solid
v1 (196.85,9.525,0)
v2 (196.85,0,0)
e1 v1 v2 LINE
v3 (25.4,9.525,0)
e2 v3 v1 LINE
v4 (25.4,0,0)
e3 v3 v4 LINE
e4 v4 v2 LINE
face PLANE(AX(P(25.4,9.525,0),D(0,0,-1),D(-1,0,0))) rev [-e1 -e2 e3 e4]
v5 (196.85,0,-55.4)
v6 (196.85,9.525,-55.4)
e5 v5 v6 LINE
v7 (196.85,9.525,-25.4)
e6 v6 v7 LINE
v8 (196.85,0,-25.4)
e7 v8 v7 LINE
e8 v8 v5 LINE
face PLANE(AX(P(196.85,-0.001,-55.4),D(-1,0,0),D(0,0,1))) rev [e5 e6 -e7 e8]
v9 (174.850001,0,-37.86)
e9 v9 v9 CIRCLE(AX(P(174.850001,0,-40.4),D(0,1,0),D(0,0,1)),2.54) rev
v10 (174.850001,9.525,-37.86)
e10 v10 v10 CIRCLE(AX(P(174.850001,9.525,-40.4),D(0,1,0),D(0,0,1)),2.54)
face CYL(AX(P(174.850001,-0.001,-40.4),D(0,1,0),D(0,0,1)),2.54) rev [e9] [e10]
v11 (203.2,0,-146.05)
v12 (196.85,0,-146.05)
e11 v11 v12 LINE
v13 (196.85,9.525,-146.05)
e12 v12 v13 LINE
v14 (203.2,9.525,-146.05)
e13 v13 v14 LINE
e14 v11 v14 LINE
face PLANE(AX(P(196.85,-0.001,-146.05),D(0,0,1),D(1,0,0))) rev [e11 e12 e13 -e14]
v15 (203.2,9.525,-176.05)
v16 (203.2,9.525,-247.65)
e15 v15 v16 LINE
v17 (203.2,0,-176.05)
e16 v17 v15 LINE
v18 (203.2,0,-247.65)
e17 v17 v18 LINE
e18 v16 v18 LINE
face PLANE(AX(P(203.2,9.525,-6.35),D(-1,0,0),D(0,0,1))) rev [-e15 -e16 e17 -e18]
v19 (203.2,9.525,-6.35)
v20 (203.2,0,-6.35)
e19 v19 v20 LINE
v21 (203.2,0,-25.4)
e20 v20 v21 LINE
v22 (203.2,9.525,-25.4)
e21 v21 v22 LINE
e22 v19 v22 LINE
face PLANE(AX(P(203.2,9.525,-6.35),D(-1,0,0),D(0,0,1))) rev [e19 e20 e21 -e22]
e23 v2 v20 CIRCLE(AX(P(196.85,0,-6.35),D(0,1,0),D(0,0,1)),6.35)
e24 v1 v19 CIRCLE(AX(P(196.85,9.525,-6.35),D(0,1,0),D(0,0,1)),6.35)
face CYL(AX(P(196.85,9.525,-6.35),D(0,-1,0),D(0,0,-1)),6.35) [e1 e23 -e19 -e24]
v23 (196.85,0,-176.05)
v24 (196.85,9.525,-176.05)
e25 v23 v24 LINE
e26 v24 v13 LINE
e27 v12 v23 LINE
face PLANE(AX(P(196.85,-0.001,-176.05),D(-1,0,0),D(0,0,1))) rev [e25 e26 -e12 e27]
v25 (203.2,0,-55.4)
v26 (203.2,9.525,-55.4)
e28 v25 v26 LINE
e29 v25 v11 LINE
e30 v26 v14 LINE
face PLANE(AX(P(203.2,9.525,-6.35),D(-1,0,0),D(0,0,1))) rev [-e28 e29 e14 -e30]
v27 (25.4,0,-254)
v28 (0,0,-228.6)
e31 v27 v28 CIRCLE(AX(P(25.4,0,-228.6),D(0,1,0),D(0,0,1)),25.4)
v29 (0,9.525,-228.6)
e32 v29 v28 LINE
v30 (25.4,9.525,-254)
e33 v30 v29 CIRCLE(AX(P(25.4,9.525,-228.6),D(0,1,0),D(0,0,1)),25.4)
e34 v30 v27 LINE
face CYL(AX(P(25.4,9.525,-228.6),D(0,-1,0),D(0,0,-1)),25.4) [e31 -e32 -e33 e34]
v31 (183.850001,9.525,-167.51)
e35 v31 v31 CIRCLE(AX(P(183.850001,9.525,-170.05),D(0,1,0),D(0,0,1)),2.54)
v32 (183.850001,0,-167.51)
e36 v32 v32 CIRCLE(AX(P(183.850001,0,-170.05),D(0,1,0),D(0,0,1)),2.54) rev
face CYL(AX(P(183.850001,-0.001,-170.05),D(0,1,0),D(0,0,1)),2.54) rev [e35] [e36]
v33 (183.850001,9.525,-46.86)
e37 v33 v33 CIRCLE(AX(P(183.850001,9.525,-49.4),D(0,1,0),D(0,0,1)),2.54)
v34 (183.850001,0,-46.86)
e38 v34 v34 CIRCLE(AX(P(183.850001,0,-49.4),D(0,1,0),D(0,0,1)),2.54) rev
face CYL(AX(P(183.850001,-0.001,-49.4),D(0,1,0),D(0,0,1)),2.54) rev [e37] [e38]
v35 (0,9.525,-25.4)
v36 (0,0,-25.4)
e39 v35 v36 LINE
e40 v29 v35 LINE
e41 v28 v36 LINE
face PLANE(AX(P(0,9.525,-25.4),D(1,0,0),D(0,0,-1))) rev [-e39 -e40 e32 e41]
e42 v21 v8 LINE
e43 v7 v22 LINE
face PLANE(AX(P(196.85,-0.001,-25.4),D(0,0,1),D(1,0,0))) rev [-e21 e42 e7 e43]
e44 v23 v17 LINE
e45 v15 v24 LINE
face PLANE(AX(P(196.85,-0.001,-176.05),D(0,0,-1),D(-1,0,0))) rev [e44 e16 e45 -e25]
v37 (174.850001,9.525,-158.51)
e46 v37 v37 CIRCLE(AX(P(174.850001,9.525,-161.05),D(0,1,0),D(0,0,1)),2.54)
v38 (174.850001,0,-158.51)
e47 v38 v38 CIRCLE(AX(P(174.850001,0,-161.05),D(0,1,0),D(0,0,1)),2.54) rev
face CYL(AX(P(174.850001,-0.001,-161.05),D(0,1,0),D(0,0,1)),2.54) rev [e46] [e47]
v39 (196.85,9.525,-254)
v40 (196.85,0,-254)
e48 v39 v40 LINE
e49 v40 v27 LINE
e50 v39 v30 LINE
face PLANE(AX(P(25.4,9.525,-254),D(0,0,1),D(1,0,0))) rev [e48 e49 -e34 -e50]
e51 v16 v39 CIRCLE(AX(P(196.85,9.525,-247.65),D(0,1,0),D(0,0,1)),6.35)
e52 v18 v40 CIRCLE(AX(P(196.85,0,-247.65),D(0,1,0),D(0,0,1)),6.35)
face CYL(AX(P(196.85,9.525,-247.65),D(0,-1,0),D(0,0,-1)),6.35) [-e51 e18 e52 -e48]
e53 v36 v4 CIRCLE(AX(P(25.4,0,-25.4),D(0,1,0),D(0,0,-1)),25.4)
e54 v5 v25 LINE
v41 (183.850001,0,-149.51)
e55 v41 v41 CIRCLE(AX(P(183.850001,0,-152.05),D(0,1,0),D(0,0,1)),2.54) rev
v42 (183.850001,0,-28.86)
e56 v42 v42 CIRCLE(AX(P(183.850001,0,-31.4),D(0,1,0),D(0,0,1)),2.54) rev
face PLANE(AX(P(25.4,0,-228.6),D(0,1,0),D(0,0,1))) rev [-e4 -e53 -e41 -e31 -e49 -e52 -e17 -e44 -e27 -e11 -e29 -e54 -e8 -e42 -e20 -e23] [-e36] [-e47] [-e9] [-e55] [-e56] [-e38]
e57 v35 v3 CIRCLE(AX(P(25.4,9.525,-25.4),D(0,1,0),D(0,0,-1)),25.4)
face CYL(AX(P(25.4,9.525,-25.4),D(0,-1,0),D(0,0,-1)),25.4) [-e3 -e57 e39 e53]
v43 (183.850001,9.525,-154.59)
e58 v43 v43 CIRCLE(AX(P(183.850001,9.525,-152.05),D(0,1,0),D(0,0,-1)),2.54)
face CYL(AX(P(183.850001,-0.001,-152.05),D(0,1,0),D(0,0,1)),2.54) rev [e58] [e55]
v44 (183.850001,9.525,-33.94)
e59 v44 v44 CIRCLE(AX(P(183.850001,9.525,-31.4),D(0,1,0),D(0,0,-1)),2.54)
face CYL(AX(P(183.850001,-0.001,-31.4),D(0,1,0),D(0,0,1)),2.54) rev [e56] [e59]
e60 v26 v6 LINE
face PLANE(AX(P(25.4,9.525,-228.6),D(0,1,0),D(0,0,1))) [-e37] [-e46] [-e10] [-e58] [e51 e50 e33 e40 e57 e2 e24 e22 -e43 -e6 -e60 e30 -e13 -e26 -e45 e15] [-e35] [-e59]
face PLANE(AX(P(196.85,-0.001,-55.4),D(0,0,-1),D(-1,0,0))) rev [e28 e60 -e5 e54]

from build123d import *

# Parameters (mm, degrees)
BOSS_EXTRUDE1_DEPTH = 9.525
CUT_EXTRUDE1_REACH  = 11.525
SKETCH2_R           = 2.54
SKETCH2_W           = 6.35
SKETCH2_H           = 30


with BuildPart() as part:
    # Sketch1 → Boss-Extrude1 (new body)
    with BuildSketch(Plane(origin=(0, 0, 0), x_dir=(1, 0, 0), z_dir=(0, 1, 0))):
        with BuildLine():
            Line((25.4, 0), (196.85, 0))
            ThreePointArc((196.85, 0), (201.340128061, 1.859871939), (203.2, 6.35))
            Line((203.2, 6.35), (203.2, 247.65))
            ThreePointArc((203.2, 247.65), (201.340128061, 252.140128061), (196.85, 254))
            Line((196.85, 254), (25.4, 254))
            ThreePointArc((25.4, 254), (7.439487758, 246.560512242), (0, 228.6))
            Line((0, 228.6), (0, 25.4))
            ThreePointArc((0, 25.4), (7.439487758, 7.439487758), (25.4, 0))
        make_face()
    extrude(amount=BOSS_EXTRUDE1_DEPTH)

    # Sketch2 → Cut-Extrude1 (cut, up to next)
    with BuildSketch(Plane(origin=(0, 9.525, 0), x_dir=(1, 0, 0), z_dir=(0, 1, 0)), mode=Mode.PRIVATE) as cut_extrude1_sk1:
        with Locations((174.85000082, 40.4)):
            Circle(SKETCH2_R)
    cut_extrude1_tool1 = extrude(cut_extrude1_sk1.sketch, amount=-CUT_EXTRUDE1_REACH, mode=Mode.PRIVATE) & part.part
    add(cut_extrude1_tool1.solids().sort_by_distance((174.850001, 9.525, -40.4))[0], mode=Mode.SUBTRACT)
    # Sketch2 → Cut-Extrude1 (cut, up to next)
    with BuildSketch(Plane(origin=(0, 9.525, 0), x_dir=(1, 0, 0), z_dir=(0, 1, 0)), mode=Mode.PRIVATE) as cut_extrude1_sk2:
        with Locations((183.8500006, 49.39999978)):
            Circle(SKETCH2_R)
    cut_extrude1_tool2 = extrude(cut_extrude1_sk2.sketch, amount=-CUT_EXTRUDE1_REACH, mode=Mode.PRIVATE) & part.part
    add(cut_extrude1_tool2.solids().sort_by_distance((183.850001, 9.525, -49.4))[0], mode=Mode.SUBTRACT)
    # Sketch2 → Cut-Extrude1 (cut, up to next)
    with BuildSketch(Plane(origin=(0, 9.525, 0), x_dir=(1, 0, 0), z_dir=(0, 1, 0)), mode=Mode.PRIVATE) as cut_extrude1_sk3:
        with Locations((183.8500006, 31.40000022)):
            Circle(SKETCH2_R)
    cut_extrude1_tool3 = extrude(cut_extrude1_sk3.sketch, amount=-CUT_EXTRUDE1_REACH, mode=Mode.PRIVATE) & part.part
    add(cut_extrude1_tool3.solids().sort_by_distance((183.850001, 9.525, -31.4))[0], mode=Mode.SUBTRACT)
    # Sketch2 → Cut-Extrude1 (cut, up to next)
    with BuildSketch(Plane(origin=(0, 9.525, 0), x_dir=(1, 0, 0), z_dir=(0, 1, 0)), mode=Mode.PRIVATE) as cut_extrude1_sk4:
        with Locations((174.85000082, 161.05)):
            Circle(SKETCH2_R)
    cut_extrude1_tool4 = extrude(cut_extrude1_sk4.sketch, amount=-CUT_EXTRUDE1_REACH, mode=Mode.PRIVATE) & part.part
    add(cut_extrude1_tool4.solids().sort_by_distance((174.850001, 9.525, -161.05))[0], mode=Mode.SUBTRACT)
    # Sketch2 → Cut-Extrude1 (cut, up to next)
    with BuildSketch(Plane(origin=(0, 9.525, 0), x_dir=(1, 0, 0), z_dir=(0, 1, 0)), mode=Mode.PRIVATE) as cut_extrude1_sk5:
        with Locations((183.8500006, 170.04999978)):
            Circle(SKETCH2_R)
    cut_extrude1_tool5 = extrude(cut_extrude1_sk5.sketch, amount=-CUT_EXTRUDE1_REACH, mode=Mode.PRIVATE) & part.part
    add(cut_extrude1_tool5.solids().sort_by_distance((183.850001, 9.525, -170.05))[0], mode=Mode.SUBTRACT)
    # Sketch2 → Cut-Extrude1 (cut, up to next)
    with BuildSketch(Plane(origin=(0, 9.525, 0), x_dir=(1, 0, 0), z_dir=(0, 1, 0)), mode=Mode.PRIVATE) as cut_extrude1_sk6:
        with Locations((183.8500006, 152.05000022)):
            Circle(SKETCH2_R)
    cut_extrude1_tool6 = extrude(cut_extrude1_sk6.sketch, amount=-CUT_EXTRUDE1_REACH, mode=Mode.PRIVATE) & part.part
    add(cut_extrude1_tool6.solids().sort_by_distance((183.850001, 9.525, -152.05))[0], mode=Mode.SUBTRACT)
    # Sketch2 → Cut-Extrude1 (cut, up to next)
    with BuildSketch(Plane(origin=(0, 9.525, 0), x_dir=(1, 0, 0), z_dir=(0, 1, 0)), mode=Mode.PRIVATE) as cut_extrude1_sk7:
        with Locations((200.025, 40.4)):
            Rectangle(SKETCH2_W, SKETCH2_H)
    cut_extrude1_tool7 = extrude(cut_extrude1_sk7.sketch, amount=-CUT_EXTRUDE1_REACH, mode=Mode.PRIVATE) & part.part
    add(cut_extrude1_tool7.solids().sort_by_distance((200.025, 9.525, -40.4))[0], mode=Mode.SUBTRACT)
    # Sketch2 → Cut-Extrude1 (cut, up to next)
    with BuildSketch(Plane(origin=(0, 9.525, 0), x_dir=(1, 0, 0), z_dir=(0, 1, 0)), mode=Mode.PRIVATE) as cut_extrude1_sk8:
        with Locations((200.025, 161.05)):
            Rectangle(SKETCH2_W, SKETCH2_H)
    cut_extrude1_tool8 = extrude(cut_extrude1_sk8.sketch, amount=-CUT_EXTRUDE1_REACH, mode=Mode.PRIVATE) & part.part
    add(cut_extrude1_tool8.solids().sort_by_distance((200.025, 9.525, -161.05))[0], mode=Mode.SUBTRACT)


solid = part.part
